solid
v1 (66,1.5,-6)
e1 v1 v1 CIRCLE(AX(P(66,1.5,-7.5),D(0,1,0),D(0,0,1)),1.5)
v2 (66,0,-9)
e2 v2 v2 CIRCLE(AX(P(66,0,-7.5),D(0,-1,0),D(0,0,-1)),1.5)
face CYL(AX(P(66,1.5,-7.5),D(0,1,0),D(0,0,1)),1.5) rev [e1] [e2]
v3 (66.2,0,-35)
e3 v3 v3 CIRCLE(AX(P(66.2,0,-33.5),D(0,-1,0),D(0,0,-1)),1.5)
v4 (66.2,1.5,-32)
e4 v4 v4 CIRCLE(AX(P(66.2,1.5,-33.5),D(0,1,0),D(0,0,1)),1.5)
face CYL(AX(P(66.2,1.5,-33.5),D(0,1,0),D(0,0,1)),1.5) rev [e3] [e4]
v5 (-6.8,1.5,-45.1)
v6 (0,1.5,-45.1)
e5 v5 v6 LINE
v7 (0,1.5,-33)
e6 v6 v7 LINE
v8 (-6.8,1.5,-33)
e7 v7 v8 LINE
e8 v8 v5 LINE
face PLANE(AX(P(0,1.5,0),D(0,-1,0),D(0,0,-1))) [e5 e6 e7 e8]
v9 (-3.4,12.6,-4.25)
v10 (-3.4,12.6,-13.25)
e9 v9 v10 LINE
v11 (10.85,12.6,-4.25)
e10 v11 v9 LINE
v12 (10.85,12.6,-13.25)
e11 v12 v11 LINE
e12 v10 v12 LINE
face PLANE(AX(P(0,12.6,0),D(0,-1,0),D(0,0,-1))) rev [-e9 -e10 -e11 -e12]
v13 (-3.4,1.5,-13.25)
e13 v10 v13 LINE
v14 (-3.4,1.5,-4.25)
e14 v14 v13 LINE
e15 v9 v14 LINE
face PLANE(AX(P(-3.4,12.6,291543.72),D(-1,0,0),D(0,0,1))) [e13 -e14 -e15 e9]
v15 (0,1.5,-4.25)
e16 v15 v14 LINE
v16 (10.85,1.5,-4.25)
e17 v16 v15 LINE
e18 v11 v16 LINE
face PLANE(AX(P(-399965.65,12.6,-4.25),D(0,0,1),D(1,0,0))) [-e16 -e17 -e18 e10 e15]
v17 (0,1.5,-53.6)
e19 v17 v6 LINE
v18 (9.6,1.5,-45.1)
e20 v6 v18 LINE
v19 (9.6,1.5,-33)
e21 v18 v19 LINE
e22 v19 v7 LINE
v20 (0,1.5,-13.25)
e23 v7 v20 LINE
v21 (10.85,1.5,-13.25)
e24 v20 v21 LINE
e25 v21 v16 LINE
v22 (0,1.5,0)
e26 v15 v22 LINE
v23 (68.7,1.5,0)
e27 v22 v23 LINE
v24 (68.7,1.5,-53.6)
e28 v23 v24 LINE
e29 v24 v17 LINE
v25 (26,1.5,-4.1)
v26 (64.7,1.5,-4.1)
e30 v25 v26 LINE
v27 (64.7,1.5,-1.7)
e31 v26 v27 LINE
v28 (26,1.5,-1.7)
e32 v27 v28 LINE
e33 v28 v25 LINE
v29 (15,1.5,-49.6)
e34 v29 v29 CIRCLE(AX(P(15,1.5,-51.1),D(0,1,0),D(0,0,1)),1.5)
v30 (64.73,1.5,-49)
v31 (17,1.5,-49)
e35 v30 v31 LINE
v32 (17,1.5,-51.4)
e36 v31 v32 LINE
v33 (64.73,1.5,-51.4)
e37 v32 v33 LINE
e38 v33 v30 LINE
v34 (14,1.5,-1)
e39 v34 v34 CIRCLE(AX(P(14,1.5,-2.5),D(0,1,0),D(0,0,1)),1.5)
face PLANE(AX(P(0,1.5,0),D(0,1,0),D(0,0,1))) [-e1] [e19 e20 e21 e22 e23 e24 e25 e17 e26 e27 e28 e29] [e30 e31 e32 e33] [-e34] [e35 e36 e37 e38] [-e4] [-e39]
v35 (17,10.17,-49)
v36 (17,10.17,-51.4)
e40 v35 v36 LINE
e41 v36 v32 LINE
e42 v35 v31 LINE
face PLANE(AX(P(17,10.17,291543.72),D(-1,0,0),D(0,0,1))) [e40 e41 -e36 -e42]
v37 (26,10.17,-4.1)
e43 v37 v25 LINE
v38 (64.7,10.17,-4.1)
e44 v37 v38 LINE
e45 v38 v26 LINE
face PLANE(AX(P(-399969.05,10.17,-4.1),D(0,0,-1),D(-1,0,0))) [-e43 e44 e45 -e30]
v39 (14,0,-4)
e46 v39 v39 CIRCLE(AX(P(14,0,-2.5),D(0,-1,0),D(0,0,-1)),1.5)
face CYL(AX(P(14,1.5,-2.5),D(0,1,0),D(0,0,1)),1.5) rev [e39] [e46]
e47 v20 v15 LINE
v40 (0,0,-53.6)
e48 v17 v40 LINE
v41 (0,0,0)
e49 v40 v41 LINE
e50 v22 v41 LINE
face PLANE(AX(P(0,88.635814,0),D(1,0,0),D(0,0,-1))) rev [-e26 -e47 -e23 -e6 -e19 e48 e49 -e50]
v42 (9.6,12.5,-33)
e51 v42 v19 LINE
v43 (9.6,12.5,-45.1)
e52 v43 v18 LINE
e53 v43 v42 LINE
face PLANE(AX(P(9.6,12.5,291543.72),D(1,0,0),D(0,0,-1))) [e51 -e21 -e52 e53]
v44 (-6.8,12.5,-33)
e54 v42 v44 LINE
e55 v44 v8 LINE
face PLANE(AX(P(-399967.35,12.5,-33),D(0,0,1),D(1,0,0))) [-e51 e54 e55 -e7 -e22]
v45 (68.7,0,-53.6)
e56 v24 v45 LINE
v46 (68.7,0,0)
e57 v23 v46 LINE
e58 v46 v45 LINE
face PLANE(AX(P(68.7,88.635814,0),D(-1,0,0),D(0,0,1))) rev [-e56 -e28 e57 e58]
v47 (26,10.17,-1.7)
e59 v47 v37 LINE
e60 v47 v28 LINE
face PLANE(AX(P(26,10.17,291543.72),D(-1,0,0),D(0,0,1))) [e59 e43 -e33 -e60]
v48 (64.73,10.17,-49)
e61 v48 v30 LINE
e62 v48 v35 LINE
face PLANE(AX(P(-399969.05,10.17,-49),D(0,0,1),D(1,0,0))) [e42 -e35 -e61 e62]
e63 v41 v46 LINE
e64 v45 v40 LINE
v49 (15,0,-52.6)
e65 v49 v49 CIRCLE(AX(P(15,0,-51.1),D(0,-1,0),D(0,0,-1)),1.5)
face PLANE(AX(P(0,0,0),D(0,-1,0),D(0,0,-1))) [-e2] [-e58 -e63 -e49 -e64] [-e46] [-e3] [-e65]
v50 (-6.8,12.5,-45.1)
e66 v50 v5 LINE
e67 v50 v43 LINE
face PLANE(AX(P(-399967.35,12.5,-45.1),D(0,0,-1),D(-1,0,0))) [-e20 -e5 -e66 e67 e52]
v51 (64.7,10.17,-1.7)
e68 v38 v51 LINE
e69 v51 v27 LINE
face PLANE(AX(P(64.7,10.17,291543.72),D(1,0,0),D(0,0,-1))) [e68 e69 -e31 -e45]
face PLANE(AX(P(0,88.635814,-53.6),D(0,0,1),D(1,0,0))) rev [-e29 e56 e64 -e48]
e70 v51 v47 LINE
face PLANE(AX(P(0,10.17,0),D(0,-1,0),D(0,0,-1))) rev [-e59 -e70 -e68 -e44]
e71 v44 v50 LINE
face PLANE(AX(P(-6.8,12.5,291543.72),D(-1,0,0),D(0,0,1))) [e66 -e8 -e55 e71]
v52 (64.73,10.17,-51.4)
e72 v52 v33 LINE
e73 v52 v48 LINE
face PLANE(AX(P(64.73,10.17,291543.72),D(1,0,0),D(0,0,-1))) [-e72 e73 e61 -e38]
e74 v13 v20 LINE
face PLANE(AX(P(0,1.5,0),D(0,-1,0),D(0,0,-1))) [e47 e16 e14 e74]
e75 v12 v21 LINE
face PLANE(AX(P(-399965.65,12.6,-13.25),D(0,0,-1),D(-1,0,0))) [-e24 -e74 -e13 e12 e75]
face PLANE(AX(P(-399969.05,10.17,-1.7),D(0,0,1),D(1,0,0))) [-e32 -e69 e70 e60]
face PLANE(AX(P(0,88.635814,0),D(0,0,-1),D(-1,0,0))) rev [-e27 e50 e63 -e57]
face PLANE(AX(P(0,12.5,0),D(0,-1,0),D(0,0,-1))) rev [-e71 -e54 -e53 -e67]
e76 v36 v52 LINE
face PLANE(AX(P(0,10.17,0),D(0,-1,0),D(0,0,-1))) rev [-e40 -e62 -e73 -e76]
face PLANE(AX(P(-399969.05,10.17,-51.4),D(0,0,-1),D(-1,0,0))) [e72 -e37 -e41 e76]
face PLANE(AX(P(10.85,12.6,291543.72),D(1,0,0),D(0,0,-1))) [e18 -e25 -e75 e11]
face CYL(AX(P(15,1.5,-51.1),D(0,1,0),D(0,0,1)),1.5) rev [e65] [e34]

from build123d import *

# Parameters (mm, degrees)
SKETCH2_W                 = 68.7
SKETCH2_H                 = 53.6
PCB_DEPTH                 = 1.5
BARREL_START              = 1.5
SKETCH3_W                 = 14.25
SKETCH3_H                 = 9
BARREL_JACK_DEPTH         = 11.1
HWSERIAL_START            = 1.5
SKETCH4_W                 = 16.4
SKETCH4_H                 = 12.1
HWSERIAL_PORT_DEPTH       = 11
BOSS_EXTRUDE4_START       = 1.5
SKETCH5_W                 = 47.73
SKETCH5_H                 = 2.4
SKETCH5_W_2               = 38.7
BOSS_EXTRUDE4_DEPTH       = 8.67
F_3_0MM_DOWEL_HOLE1_D     = 3
F_3_0MM_DOWEL_HOLE1_DEPTH = 7.5
F_3_0MM_DOWEL_HOLE1_TIP   = 0.901290929


with BuildPart() as part:
    # Sketch2 → PCB (new body)
    with BuildSketch(Plane(origin=(0, 0, 0), x_dir=(1, 0, 0), z_dir=(0, 1, 0))):
        with Locations((34.35, 26.8)):
            Rectangle(SKETCH2_W, SKETCH2_H)
    extrude(amount=PCB_DEPTH)

    # Sketch3 → Barrel Jack (add)
    with BuildSketch(Plane(origin=(0, 0, 0), x_dir=(1, 0, 0), z_dir=(0, 1, 0)).offset(BARREL_START)):
        with Locations((3.725, 8.75)):
            Rectangle(SKETCH3_W, SKETCH3_H)
    extrude(amount=BARREL_JACK_DEPTH)

    # Sketch4 → HWSerial Port (add)
    with BuildSketch(Plane(origin=(0, 0, 0), x_dir=(1, 0, 0), z_dir=(0, 1, 0)).offset(HWSERIAL_START)):
        with Locations((1.4, 39.05)):
            Rectangle(SKETCH4_W, SKETCH4_H)
    extrude(amount=HWSERIAL_PORT_DEPTH)

    # Sketch5 → Boss-Extrude4 (add)
    with BuildSketch(Plane(origin=(0, 0, 0), x_dir=(1, 0, 0), z_dir=(0, 1, 0)).offset(BOSS_EXTRUDE4_START)):
        with Locations((40.865, 50.2)):
            Rectangle(SKETCH5_W, SKETCH5_H)
        with Locations((45.35, 2.9)):
            Rectangle(SKETCH5_W_2, SKETCH5_H)
    extrude(amount=BOSS_EXTRUDE4_DEPTH)

    # Ø3.0mm Dowel Hole1
    with Locations(Plane(origin=(0, 1.5, 0), x_dir=(1, 0, 0), z_dir=(0, 1, 0))):
        with Locations((15, 51.1), (14, 2.5), (66, 7.5), (66.2, 33.5)):
            Hole(F_3_0MM_DOWEL_HOLE1_D / 2, depth=F_3_0MM_DOWEL_HOLE1_DEPTH)
            with Locations((0, 0, -(F_3_0MM_DOWEL_HOLE1_DEPTH + F_3_0MM_DOWEL_HOLE1_TIP / 2))):  # 118° drill point
                Cone(0, F_3_0MM_DOWEL_HOLE1_D / 2, F_3_0MM_DOWEL_HOLE1_TIP, mode=Mode.SUBTRACT)


solid = part.part
